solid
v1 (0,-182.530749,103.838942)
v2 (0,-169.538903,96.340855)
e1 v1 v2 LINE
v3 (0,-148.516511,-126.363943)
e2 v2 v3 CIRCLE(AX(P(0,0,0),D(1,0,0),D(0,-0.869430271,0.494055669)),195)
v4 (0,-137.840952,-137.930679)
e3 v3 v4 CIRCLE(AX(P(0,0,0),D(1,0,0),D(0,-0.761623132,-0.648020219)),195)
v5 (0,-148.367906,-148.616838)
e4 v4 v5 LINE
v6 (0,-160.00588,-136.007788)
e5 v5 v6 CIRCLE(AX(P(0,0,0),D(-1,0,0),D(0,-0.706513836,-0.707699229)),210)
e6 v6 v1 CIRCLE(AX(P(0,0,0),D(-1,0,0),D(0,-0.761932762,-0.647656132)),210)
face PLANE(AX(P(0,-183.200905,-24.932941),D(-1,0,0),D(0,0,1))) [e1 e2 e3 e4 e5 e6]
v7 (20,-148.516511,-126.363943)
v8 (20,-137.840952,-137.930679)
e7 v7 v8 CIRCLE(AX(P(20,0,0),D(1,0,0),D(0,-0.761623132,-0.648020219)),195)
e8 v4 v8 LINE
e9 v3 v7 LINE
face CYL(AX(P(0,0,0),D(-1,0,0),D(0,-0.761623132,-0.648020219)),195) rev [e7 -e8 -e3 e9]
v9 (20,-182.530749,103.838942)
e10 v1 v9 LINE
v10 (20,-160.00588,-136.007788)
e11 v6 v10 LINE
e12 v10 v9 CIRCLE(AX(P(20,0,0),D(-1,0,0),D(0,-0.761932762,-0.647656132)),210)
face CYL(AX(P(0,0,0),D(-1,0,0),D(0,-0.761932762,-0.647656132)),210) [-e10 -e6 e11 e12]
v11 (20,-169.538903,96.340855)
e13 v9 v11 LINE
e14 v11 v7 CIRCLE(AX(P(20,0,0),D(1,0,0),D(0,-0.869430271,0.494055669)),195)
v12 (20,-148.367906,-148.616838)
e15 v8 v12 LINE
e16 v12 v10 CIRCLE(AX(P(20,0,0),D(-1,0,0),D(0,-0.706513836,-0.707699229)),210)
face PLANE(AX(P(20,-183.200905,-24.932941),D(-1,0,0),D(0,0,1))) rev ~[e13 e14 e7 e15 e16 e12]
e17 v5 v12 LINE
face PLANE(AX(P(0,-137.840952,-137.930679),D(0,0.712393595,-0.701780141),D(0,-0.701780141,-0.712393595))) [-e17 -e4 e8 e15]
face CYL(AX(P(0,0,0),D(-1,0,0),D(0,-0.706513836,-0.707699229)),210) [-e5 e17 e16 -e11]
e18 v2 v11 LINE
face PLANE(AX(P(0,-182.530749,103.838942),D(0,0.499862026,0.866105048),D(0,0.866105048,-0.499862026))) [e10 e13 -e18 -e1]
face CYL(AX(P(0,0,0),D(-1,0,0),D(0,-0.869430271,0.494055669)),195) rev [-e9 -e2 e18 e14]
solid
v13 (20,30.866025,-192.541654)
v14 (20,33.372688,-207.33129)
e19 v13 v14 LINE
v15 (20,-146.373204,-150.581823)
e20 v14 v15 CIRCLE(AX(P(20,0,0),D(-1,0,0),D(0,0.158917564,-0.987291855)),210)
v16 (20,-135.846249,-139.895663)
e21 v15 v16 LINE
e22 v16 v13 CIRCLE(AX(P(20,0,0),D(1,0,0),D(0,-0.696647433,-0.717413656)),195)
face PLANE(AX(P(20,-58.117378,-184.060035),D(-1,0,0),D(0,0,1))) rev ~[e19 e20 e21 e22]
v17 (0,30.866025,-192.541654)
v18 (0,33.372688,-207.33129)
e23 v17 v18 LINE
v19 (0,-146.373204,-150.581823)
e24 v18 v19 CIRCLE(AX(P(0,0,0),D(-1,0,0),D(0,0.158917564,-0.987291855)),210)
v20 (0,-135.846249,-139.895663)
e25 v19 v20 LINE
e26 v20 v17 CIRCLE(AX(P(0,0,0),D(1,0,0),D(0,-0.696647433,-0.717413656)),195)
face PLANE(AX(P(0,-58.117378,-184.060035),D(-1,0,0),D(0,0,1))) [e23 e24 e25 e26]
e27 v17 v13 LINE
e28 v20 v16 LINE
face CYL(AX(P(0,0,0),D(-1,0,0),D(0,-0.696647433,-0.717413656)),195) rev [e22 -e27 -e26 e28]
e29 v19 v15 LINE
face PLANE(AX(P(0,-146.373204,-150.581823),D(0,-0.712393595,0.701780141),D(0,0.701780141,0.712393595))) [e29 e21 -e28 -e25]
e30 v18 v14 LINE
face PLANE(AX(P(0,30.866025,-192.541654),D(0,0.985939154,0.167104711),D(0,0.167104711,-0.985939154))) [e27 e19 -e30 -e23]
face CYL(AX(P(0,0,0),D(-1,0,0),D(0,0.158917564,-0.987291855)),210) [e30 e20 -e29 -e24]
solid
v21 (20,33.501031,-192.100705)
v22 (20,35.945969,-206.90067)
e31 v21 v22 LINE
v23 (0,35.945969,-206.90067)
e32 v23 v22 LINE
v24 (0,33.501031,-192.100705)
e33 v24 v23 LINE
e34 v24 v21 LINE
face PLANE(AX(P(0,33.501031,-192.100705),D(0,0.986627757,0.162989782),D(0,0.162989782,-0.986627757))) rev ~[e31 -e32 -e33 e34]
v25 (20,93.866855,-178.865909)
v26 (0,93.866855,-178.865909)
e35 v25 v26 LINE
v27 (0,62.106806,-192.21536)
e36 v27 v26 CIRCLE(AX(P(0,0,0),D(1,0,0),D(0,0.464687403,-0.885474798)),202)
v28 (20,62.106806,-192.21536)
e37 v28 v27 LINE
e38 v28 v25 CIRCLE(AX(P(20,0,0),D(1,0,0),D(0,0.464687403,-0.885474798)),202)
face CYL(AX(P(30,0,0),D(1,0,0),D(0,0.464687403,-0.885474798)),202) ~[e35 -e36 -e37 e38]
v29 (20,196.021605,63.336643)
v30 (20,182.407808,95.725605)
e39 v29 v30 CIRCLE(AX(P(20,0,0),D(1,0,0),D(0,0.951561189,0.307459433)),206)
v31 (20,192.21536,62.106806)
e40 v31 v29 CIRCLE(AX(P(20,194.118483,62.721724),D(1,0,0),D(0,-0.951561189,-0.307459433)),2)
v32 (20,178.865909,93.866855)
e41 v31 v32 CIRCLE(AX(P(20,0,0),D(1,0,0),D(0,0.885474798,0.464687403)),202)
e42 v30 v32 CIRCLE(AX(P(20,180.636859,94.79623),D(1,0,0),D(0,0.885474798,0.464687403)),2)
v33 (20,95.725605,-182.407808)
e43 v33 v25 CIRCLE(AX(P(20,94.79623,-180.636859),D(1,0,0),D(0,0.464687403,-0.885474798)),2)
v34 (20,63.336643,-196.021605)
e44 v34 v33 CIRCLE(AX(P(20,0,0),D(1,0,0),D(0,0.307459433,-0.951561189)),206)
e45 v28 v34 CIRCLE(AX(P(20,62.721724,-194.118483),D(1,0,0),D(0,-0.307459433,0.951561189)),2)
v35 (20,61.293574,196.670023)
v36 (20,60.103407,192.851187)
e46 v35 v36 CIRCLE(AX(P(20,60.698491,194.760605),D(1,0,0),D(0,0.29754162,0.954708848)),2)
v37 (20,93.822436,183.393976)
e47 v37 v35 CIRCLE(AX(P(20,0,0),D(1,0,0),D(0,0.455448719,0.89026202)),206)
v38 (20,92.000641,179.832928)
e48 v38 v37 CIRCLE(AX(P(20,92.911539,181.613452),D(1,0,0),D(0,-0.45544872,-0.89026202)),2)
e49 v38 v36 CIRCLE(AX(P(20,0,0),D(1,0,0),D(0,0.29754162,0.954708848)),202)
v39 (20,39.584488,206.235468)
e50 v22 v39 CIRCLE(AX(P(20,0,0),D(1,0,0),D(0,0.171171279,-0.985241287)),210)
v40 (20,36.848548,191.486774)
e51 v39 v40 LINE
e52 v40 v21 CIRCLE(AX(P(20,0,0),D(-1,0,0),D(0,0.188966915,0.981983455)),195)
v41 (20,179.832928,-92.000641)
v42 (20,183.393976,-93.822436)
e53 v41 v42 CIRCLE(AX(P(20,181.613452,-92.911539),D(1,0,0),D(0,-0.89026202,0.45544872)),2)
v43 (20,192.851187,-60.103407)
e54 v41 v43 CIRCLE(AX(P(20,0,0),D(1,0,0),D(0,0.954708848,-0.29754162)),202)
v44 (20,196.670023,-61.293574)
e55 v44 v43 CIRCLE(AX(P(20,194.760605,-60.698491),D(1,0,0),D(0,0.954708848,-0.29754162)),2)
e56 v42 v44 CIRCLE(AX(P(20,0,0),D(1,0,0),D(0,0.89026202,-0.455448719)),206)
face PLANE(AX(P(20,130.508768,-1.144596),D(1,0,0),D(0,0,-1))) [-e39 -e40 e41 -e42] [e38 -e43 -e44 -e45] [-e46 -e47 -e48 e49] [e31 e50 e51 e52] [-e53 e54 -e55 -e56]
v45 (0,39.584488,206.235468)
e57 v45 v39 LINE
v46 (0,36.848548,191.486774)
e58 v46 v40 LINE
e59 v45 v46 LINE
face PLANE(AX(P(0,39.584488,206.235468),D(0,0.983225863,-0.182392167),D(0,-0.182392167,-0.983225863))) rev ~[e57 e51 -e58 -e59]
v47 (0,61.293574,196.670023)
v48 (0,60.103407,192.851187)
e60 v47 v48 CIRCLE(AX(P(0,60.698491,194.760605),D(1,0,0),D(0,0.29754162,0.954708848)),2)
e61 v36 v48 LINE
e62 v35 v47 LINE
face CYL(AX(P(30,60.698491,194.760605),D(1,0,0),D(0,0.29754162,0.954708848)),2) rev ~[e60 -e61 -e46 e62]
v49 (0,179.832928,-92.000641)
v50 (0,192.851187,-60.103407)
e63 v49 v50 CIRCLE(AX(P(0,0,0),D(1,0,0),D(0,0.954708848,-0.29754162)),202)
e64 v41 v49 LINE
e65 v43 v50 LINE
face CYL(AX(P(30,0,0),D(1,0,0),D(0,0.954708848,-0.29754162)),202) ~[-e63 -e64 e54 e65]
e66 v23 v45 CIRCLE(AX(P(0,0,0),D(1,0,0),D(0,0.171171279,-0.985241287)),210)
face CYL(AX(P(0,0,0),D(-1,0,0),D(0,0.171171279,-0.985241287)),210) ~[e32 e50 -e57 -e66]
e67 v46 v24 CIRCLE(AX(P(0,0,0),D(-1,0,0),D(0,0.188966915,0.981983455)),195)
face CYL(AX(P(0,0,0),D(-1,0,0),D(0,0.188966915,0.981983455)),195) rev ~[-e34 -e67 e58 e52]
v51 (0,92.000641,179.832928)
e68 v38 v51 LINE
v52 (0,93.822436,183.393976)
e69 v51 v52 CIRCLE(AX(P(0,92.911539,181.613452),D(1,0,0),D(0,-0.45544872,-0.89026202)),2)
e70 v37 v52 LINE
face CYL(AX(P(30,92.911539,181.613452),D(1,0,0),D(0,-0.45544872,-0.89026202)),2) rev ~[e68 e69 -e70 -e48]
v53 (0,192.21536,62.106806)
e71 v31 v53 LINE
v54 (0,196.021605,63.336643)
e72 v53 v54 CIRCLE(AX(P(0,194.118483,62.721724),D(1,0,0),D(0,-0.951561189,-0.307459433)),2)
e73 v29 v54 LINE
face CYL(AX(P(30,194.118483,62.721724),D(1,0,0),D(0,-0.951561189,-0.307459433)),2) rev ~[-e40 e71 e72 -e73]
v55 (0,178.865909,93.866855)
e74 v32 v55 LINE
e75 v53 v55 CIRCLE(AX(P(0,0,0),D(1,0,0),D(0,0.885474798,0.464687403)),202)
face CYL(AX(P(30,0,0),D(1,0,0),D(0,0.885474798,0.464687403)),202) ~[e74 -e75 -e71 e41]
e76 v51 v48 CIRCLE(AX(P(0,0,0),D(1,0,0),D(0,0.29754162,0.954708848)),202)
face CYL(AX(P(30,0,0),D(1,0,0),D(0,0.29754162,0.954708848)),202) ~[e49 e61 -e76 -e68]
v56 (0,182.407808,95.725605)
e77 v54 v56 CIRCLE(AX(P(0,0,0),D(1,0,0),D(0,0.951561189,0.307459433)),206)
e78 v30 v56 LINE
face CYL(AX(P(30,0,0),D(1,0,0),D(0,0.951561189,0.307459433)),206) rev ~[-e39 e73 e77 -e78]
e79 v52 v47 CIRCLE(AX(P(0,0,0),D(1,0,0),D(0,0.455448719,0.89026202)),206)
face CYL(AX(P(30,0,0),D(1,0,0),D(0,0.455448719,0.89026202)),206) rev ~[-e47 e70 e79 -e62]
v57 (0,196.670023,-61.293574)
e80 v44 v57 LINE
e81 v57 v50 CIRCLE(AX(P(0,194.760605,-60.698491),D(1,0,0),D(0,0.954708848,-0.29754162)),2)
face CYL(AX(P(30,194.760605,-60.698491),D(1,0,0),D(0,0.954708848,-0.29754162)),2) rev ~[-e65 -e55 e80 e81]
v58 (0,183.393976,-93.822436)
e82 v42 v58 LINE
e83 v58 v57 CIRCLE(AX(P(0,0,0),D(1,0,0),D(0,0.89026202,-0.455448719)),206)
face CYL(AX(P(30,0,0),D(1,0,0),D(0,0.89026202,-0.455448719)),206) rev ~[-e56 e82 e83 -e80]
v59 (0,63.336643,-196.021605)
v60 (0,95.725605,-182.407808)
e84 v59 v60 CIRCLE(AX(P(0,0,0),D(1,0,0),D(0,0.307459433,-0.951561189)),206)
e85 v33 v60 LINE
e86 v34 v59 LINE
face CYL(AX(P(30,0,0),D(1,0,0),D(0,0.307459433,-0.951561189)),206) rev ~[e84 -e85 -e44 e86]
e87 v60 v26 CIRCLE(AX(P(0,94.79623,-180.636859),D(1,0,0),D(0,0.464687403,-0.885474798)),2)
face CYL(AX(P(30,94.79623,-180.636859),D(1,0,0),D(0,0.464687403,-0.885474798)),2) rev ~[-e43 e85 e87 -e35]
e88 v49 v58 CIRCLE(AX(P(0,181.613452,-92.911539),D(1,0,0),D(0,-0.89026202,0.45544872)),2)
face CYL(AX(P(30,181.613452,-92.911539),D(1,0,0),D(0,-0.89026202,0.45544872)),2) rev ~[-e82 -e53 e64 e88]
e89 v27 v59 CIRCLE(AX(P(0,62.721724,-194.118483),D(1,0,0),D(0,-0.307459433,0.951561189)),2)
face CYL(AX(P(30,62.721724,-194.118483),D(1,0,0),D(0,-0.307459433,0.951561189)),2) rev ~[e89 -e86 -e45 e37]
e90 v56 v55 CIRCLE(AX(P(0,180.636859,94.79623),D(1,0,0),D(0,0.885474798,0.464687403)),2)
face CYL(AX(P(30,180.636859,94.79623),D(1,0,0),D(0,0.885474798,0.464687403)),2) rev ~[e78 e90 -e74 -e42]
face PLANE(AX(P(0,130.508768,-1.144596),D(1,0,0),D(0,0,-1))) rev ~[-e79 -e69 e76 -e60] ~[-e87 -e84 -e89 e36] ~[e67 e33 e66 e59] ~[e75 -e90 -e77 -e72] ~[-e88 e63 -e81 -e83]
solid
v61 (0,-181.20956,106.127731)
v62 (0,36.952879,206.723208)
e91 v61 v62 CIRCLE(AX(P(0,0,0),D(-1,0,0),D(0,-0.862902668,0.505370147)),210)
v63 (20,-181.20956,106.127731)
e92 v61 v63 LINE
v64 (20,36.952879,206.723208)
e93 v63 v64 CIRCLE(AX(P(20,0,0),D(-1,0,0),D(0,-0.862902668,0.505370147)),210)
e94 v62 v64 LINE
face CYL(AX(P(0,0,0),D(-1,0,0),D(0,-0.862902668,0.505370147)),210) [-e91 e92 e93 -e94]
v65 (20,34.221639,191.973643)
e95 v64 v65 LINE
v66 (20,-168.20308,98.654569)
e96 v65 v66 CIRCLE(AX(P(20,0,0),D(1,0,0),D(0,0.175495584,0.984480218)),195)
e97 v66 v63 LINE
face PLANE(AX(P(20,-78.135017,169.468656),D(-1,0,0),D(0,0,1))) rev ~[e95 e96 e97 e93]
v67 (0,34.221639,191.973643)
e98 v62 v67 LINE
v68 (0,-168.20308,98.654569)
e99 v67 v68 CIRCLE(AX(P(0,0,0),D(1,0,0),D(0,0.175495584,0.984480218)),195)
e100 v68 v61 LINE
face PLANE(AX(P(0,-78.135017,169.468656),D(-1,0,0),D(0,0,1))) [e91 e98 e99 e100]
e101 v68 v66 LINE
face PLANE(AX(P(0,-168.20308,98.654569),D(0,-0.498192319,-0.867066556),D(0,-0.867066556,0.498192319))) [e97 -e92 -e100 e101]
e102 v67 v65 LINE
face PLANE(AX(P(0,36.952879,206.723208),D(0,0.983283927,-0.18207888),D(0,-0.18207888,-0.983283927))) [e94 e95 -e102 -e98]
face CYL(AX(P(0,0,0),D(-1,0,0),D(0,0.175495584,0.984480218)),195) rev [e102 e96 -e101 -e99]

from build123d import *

# Parameters (mm, degrees)
BOSS_EXTRUDE1_DEPTH   = 20
BOSS_EXTRUDE1_2_DEPTH = 20
BOSS_EXTRUDE1_3_DEPTH = 20
BOSS_EXTRUDE1_4_DEPTH = 20
CUT_EXTRUDE1_DEPTH    = 31


with BuildPart() as part:
    # Sketch1 → Boss-Extrude1 (new body)
    with BuildSketch(Plane(origin=(0, 0, 0), x_dir=(0, 0, -1), z_dir=(1, 0, 0))):
        with BuildLine():
            Line((137.930678518, -137.840951548), (148.616838181, -148.36790559))
            ThreePointArc((148.616838181, -148.36790559), (142.431229175, -154.315731394), (136.007787822, -160.005880054))
            ThreePointArc((136.007787822, -160.005880054), (19.635454957, -209.080005999), (-103.838941685, -182.530748615))
            Line((-103.838941685, -182.530748615), (-96.340855434, -169.538902834))
            ThreePointArc((-96.340855434, -169.538902834), (18.325711034, -194.136983378), (126.363942746, -148.516510778))
            ThreePointArc((126.363942746, -148.516510778), (132.255070219, -143.295486326), (137.930678518, -137.840951548))
        make_face()
    extrude(amount=BOSS_EXTRUDE1_DEPTH)


with BuildPart() as body_2:
    # Sketch1 → Boss-Extrude1 2 (new body)
    with BuildSketch(Plane(origin=(0, 0, 0), x_dir=(0, 0, -1), z_dir=(1, 0, 0))):
        with BuildLine():
            Line((192.54165397, 30.86602479), (207.331289652, 33.372688401))
            ThreePointArc((207.331289652, 33.372688401), (200.256324225, -63.225031498), (150.581822575, -146.373203524))
            Line((150.581822575, -146.373203524), (139.895662912, -135.846249482))
            ThreePointArc((139.895662912, -135.846249482), (185.948616591, -58.720626595), (192.54165397, 30.86602479))
        make_face()
    extrude(amount=BOSS_EXTRUDE1_2_DEPTH)


with BuildPart() as body_3:
    # Sketch1 → Boss-Extrude1 3 (new body)
    with BuildSketch(Plane(origin=(0, 0, 0), x_dir=(0, 0, -1), z_dir=(1, 0, 0))):
        with BuildLine():
            Line((192.100705132, 33.501031145), (206.900670241, 35.945968532))
            ThreePointArc((206.900670241, 35.945968532), (1.849413133, 209.991856202), (-206.23546817, 39.584487729))
            Line((-206.23546817, 39.584487729), (-191.486773652, 36.848548359))
            ThreePointArc((-191.486773652, 36.848548359), (1.701674422, 194.992574998), (192.100705132, 33.501031145))
        make_face()
    extrude(amount=BOSS_EXTRUDE1_3_DEPTH)

    # Sketch6 → Cut-Extrude1 (cut, through all)
    with BuildSketch(Plane(origin=(30, 0, 0), x_dir=(0, 0, -1), z_dir=(1, 0, 0))):
        with BuildLine():
            ThreePointArc((-183.393976095, 93.822436187), (-190.726748281, 77.841553749), (-196.670022661, 61.293573779))
            ThreePointArc((-196.670022661, 61.293573779), (-195.355688205, 58.789072843), (-192.851187269, 60.103407298))
            ThreePointArc((-192.851187269, 60.103407298), (-187.023316276, 76.330067268), (-179.832928016, 92.000641309))
            ThreePointArc((-179.832928016, 92.000641309), (-180.702554617, 94.692062788), (-183.393976095, 93.822436187))
        make_face()
        with BuildLine():
            ThreePointArc((-63.336643271, 196.021604981), (-79.821886549, 189.906467577), (-95.725605017, 182.407808342))
            ThreePointArc((-95.725605017, 182.407808342), (-96.567179806, 179.707483941), (-93.866855405, 178.865909151))
            ThreePointArc((-93.866855405, 178.865909151), (-78.271947005, 186.218963353), (-62.106805537, 192.215360224))
            ThreePointArc((-62.106805537, 192.215360224), (-60.818602025, 194.733401469), (-63.336643271, 196.021604981))
        make_face()
        with BuildLine():
            ThreePointArc((93.822436187, 183.393976095), (77.841553749, 190.726748281), (61.293573779, 196.670022661))
            ThreePointArc((61.293573779, 196.670022661), (58.789072843, 195.355688205), (60.103407298, 192.851187269))
            ThreePointArc((60.103407298, 192.851187269), (76.330067268, 187.023316276), (92.000641309, 179.832928016))
            ThreePointArc((92.000641309, 179.832928016), (94.692062788, 180.702554617), (93.822436187, 183.393976095))
        make_face()
        with BuildLine():
            ThreePointArc((196.021604981, 63.336643271), (189.906467577, 79.821886549), (182.407808342, 95.725605017))
            ThreePointArc((182.407808342, 95.725605017), (179.707483941, 96.567179806), (178.865909151, 93.866855405))
            ThreePointArc((178.865909151, 93.866855405), (186.218963353, 78.271947005), (192.215360224, 62.106805537))
            ThreePointArc((192.215360224, 62.106805537), (194.733401469, 60.818602025), (196.021604981, 63.336643271))
        make_face()
    extrude(amount=-CUT_EXTRUDE1_DEPTH, mode=Mode.SUBTRACT)


with BuildPart() as body_4:
    # Sketch1 → Boss-Extrude1 4 (new body)
    with BuildSketch(Plane(origin=(0, 0, 0), x_dir=(0, 0, -1), z_dir=(1, 0, 0))):
        with BuildLine():
            Line((-98.654569067, -168.203079645), (-106.127730946, -181.209560245))
            ThreePointArc((-106.127730946, -181.209560245), (-190.703015105, -87.933838935), (-206.723208034, 36.952878914))
            Line((-206.723208034, 36.952878914), (-191.973642534, 34.221638946))
            ThreePointArc((-191.973642534, 34.221638946), (-177.087918896, -81.63864882), (-98.654569067, -168.203079645))
        make_face()
    extrude(amount=BOSS_EXTRUDE1_4_DEPTH)


solid = Compound([part.part, body_2.part, body_3.part, body_4.part])
